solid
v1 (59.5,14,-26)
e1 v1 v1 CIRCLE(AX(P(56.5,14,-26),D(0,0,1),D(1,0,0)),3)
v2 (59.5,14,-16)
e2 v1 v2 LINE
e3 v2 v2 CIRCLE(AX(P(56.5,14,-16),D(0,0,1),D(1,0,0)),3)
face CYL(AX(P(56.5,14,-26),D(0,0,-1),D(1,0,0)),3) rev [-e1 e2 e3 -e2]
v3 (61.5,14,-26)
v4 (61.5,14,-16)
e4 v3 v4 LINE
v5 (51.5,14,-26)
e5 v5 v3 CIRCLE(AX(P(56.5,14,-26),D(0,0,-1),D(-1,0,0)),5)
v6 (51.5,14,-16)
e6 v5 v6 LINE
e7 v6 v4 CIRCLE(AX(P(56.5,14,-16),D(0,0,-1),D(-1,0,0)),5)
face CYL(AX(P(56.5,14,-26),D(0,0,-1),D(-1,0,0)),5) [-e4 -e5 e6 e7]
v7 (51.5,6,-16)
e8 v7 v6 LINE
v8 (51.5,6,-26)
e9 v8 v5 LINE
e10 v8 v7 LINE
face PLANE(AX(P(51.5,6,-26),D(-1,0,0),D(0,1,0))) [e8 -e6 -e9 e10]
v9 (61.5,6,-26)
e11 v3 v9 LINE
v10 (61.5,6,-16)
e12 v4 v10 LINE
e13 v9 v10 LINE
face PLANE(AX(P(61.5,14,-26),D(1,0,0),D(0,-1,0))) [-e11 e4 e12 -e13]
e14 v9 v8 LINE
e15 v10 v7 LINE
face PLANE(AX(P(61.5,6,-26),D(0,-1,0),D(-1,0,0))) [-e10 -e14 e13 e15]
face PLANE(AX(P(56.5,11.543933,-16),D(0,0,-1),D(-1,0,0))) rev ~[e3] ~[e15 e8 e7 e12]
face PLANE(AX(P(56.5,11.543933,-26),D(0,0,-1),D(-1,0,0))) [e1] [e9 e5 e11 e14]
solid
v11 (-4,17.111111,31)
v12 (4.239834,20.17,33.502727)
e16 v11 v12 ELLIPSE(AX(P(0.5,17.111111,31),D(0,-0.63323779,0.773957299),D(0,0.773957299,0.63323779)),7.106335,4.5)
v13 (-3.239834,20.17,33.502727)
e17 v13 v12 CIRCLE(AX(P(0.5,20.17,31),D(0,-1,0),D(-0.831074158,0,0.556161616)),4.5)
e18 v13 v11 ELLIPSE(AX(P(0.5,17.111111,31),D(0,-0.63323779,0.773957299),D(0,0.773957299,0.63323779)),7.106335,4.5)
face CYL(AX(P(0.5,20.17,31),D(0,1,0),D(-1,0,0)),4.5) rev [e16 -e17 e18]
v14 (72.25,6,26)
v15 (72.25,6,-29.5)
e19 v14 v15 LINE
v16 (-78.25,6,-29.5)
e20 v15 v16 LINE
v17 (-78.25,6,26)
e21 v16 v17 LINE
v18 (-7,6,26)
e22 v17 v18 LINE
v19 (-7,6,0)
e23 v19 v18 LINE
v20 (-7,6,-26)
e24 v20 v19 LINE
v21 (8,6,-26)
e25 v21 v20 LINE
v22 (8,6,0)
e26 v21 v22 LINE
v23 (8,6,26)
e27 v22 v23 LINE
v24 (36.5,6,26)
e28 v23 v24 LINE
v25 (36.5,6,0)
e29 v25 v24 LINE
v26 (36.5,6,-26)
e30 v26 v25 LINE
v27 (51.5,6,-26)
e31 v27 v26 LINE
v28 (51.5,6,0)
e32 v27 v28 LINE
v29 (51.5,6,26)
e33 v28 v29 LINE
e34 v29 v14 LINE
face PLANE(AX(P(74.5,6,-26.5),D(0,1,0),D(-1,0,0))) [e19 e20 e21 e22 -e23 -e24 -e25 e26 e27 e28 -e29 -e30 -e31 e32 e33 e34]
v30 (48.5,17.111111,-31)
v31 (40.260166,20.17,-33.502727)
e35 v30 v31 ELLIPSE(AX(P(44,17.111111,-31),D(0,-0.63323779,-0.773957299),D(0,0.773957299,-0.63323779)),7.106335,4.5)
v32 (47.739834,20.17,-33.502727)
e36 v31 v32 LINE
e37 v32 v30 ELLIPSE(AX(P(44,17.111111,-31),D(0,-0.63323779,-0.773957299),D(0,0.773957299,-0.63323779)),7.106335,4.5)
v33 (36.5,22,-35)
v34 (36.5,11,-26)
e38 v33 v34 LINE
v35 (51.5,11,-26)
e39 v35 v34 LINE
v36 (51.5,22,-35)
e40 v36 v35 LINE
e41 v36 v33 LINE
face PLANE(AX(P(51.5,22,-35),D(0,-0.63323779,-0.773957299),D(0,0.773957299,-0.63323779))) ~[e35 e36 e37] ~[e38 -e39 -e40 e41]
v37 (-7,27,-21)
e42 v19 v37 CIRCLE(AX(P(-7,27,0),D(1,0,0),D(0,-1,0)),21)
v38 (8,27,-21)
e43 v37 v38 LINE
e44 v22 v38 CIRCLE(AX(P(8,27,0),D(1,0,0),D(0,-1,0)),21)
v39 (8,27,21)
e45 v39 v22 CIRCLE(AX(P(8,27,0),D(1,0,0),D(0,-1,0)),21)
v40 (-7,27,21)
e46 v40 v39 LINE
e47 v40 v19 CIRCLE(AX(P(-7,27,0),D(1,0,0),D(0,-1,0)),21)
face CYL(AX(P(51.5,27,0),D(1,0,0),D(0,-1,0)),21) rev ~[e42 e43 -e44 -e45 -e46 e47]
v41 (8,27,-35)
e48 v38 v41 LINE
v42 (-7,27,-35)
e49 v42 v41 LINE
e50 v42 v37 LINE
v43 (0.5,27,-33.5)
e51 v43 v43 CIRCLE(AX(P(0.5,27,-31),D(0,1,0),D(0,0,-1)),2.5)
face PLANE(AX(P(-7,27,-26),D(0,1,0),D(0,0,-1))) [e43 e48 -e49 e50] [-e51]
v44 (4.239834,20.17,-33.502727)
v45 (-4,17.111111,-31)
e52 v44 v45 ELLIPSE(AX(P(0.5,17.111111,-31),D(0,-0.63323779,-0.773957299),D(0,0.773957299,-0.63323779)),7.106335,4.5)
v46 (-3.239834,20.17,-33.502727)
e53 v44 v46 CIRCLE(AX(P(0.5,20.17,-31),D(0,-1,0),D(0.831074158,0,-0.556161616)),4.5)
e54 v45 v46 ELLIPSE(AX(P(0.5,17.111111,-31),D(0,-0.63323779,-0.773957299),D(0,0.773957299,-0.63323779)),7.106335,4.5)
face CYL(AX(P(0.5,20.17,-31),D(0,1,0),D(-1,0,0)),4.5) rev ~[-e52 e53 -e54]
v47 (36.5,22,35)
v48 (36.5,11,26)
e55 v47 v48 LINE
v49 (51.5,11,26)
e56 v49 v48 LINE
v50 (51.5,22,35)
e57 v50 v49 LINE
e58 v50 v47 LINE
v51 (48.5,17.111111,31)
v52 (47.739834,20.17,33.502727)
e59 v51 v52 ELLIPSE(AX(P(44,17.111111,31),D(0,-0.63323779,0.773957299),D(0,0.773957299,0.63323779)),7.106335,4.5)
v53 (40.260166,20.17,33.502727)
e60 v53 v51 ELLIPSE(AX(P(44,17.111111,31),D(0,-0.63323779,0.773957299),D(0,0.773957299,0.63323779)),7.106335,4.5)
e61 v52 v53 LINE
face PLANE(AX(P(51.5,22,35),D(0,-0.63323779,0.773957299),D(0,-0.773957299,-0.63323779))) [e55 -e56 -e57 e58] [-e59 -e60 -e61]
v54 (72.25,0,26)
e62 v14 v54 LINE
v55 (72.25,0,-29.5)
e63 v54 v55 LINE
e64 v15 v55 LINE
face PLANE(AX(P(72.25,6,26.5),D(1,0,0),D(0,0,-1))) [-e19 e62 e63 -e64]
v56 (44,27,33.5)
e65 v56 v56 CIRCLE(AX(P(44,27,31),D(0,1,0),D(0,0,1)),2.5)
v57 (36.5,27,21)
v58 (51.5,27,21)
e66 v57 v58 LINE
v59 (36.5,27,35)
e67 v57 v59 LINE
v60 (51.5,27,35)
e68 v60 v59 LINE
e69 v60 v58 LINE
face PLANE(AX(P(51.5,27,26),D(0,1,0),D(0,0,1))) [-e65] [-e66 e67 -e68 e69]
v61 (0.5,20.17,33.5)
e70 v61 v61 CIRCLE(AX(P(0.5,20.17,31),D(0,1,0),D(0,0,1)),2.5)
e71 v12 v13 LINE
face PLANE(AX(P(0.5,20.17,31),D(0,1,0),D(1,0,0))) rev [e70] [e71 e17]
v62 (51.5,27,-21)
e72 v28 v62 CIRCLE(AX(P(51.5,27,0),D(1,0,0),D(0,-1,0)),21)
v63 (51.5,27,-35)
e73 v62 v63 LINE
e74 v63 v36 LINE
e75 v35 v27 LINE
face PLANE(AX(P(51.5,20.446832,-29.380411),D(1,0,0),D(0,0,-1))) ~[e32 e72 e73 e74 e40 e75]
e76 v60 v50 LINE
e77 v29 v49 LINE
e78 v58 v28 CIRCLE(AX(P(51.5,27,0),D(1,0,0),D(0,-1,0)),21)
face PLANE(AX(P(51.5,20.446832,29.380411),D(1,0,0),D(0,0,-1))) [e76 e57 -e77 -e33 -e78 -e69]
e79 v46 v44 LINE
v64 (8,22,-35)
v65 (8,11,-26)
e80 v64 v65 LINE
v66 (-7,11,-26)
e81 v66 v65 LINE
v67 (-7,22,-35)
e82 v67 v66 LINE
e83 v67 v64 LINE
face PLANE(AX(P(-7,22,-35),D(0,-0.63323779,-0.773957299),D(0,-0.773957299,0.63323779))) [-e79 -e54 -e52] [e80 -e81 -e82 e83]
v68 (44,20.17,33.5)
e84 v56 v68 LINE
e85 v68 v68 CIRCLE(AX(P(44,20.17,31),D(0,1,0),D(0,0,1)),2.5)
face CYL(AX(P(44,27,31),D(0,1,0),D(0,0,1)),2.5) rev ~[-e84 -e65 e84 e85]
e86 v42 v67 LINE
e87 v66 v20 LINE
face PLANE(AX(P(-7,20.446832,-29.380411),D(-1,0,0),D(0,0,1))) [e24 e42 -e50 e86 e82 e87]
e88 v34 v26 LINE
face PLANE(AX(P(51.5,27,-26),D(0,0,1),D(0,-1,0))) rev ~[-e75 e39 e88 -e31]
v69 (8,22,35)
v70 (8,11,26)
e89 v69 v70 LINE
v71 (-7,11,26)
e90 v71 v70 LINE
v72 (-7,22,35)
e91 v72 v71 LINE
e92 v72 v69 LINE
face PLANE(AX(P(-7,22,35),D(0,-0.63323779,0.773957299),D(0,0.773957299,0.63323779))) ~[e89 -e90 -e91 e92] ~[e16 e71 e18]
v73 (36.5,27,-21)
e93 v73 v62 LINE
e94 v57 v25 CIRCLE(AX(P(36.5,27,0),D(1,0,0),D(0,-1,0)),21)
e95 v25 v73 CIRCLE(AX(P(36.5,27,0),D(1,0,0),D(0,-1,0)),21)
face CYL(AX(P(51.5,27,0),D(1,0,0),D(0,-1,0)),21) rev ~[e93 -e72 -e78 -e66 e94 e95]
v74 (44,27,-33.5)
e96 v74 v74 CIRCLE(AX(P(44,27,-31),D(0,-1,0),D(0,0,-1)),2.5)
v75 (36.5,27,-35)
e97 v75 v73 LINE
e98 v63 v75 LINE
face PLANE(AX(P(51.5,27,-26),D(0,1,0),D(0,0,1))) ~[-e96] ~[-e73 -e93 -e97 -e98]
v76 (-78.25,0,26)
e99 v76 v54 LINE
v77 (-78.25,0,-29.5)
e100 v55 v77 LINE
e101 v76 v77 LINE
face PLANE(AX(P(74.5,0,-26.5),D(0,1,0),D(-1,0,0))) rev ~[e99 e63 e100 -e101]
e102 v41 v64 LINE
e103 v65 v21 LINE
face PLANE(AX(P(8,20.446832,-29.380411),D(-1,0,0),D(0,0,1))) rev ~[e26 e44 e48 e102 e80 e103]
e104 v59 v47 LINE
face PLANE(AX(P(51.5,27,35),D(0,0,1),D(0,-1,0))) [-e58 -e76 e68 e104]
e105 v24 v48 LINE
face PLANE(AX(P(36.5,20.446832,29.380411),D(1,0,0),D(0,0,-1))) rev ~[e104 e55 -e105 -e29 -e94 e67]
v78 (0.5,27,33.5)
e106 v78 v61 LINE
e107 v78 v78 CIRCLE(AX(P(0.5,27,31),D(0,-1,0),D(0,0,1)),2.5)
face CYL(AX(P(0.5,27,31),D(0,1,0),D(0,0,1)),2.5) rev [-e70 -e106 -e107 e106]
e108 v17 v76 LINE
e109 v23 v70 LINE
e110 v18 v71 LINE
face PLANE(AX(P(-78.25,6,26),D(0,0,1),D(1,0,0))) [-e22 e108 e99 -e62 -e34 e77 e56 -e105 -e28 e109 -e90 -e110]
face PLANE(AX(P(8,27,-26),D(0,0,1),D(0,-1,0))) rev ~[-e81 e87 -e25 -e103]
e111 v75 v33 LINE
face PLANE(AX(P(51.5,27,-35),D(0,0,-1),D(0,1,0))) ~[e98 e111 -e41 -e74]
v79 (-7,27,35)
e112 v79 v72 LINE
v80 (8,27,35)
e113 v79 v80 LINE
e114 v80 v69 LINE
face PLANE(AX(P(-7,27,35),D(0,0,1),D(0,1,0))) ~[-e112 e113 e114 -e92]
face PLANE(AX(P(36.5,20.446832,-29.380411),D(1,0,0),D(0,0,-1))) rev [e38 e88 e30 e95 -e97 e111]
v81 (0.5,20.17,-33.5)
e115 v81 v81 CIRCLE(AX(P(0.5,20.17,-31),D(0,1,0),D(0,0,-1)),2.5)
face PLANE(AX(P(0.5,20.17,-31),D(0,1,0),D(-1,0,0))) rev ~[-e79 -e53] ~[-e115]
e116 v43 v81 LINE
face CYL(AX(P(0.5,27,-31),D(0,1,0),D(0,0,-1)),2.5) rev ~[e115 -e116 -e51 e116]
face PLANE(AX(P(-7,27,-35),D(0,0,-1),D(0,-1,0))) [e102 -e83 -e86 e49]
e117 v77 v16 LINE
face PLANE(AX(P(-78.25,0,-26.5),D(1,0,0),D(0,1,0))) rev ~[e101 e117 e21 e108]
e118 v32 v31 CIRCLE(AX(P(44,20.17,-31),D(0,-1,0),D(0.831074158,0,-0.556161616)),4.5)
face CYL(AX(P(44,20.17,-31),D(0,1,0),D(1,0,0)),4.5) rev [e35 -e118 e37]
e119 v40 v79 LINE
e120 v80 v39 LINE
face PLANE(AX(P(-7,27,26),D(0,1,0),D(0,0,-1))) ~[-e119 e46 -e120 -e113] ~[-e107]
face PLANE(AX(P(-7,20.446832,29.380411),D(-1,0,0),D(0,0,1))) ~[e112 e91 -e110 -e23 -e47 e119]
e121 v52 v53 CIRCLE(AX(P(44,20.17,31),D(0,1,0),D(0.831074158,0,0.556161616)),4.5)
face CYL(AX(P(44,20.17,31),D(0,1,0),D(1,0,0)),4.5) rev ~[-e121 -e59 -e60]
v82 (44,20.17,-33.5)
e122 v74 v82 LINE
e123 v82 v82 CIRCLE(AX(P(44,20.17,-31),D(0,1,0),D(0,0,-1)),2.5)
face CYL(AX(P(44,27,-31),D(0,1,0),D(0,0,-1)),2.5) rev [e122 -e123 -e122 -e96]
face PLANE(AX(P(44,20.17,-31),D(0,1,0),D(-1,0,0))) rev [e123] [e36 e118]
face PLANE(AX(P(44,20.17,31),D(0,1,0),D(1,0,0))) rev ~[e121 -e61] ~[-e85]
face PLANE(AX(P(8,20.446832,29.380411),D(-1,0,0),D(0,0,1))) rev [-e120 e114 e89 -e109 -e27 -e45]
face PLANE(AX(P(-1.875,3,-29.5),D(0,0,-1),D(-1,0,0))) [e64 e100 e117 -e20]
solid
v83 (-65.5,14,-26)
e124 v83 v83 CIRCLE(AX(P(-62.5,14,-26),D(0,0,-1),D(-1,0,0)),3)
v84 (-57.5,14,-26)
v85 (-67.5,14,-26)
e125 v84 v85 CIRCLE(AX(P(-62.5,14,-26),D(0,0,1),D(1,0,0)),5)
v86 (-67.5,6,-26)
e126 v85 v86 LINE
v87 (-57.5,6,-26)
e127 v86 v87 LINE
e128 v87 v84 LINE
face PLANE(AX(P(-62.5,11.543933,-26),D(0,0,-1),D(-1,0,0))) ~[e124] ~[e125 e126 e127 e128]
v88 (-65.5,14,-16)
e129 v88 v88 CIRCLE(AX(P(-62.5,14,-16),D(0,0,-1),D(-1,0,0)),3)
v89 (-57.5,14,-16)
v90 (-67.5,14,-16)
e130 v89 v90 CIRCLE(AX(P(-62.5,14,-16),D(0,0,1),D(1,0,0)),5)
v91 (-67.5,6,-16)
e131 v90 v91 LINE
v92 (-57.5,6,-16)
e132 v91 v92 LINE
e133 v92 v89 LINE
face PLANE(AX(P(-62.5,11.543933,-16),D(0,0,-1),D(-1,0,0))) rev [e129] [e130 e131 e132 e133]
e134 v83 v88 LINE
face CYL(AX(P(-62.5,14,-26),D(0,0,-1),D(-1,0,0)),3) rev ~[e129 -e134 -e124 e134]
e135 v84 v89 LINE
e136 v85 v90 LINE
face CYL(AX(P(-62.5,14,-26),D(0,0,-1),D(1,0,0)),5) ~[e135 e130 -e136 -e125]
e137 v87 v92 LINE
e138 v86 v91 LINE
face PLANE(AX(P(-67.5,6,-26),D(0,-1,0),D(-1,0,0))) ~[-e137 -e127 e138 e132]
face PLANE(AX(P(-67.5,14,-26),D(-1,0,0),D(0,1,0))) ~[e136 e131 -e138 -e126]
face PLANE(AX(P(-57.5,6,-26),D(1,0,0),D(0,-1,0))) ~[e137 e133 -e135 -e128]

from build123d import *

# Parameters (mm, degrees)
CROQUIS1_W                                 = 149
CROQUIS1_H                                 = 53
SALIENTE_EXTRUIR1_DEPTH                    = 6
SALIENTE_EXTRUIR2_DEPTH                    = 15
SALIENTE_EXTRUIR5_DEPTH                    = 15
CROQUIS3_R                                 = 21
CORTAR_EXTRUIR2_DEPTH                      = 140.238105417
CROQUIS6_R                                 = 3
SALIENTE_EXTRUIR11_DEPTH                   = 10
CROQUIS12_W                                = 53
CROQUIS12_H                                = 6
SALIENTE_EXTRUIR24_DEPTH                   = 3.75
CROQUIS13_W                                = 152.75
CROQUIS13_H                                = 6
SALIENTE_EXTRUIR25_DEPTH                   = 3
CROQUIS14_W                                = 2.25
CROQUIS14_H                                = 56
CORTAR_EXTRUIR3_DEPTH                      = 96.928684448
CROQUIS17_W                                = 150.5
CROQUIS17_H                                = 0.5
CORTAR_EXTRUIR4_DEPTH                      = 96.928684448
CROQUIS18_W                                = 100
CROQUIS18_H                                = 60
CORTAR_EXTRUIR5_DEPTH                      = 88.876689173
SALIENTE_EXTRUIR27_DEPTH                   = 15
CROQUIS20_R                                = 2.5
CORTAR_EXTRUIR6_DEPTH                      = 10
SIMETR_A6_COPY_1_DEPTH                     = 15
SIMETR_A6_COPY_2_SKETCH_R                  = 2.5
SIMETR_A6_COPY_2_DEPTH                     = 10
CROQUIS21_R                                = 4.5
CORTAR_EXTRUIR7_DEPTH                      = 10
SIMETR_A7_AT_THE_SECOND_PLANE_COPY_1_SKE_R = 4.5
SIMETR_A7_AT_THE_SECOND_PLANE_COPY_1_DEPTH = 10


with BuildPart() as part:
    # Croquis1 → Saliente-Extruir1 (new body)
    with BuildSketch(Plane(origin=(0, 0, 0), x_dir=(1, 0, 0), z_dir=(0, 1, 0))):
        Rectangle(CROQUIS1_W, CROQUIS1_H)
    extrude(amount=SALIENTE_EXTRUIR1_DEPTH)

    # Croquis2 → Saliente-Extruir2 (add)
    with BuildSketch(Plane(origin=(51.5, 0, 0), x_dir=(0, 0, -1), z_dir=(1, 0, 0))):
        with BuildLine():
            Line((26, 6), (-26, 6))
            Line((-26, 6), (-26, 27))
            ThreePointArc((-26, 27), (0, 53), (26, 27))
            Line((26, 27), (26, 6))
        make_face()
    extrude(amount=-SALIENTE_EXTRUIR2_DEPTH)

    # Croquis5 → Saliente-Extruir5 (add)
    with BuildSketch(Plane.ZY.offset(-8)):
        with BuildLine():
            Line((-26, 6), (26, 6))
            Line((26, 6), (26, 27))
            ThreePointArc((26, 27), (0, 53), (-26, 27))
            Line((-26, 27), (-26, 6))
        make_face()
    extrude(amount=SALIENTE_EXTRUIR5_DEPTH)

    # Croquis3 → Cortar-Extruir2 (cut, through all)
    with BuildSketch(Plane(origin=(51.5, 0, 0), x_dir=(0, 0, -1), z_dir=(1, 0, 0))):
        with Locations(Location((0, 27, 0), (0, 0, 270))):
            Circle(CROQUIS3_R)
    extrude(amount=-CORTAR_EXTRUIR2_DEPTH, mode=Mode.SUBTRACT)

    # Croquis12 → Saliente-Extruir24 (add)
    with BuildSketch(Plane.ZY.offset(74.5)):
        with Locations((0, 3)):
            Rectangle(CROQUIS12_W, CROQUIS12_H)
    extrude(amount=SALIENTE_EXTRUIR24_DEPTH)

    # Croquis13 → Saliente-Extruir25 (add)
    with BuildSketch(Plane(origin=(0, 0, -26.5), x_dir=(-1, 0, 0), z_dir=(0, 0, -1))):
        with Locations((1.875, 3)):
            Rectangle(CROQUIS13_W, CROQUIS13_H)
    extrude(amount=SALIENTE_EXTRUIR25_DEPTH)

    # Croquis14 → Cortar-Extruir3 (cut, through all)
    with BuildSketch(Plane(origin=(0, 6, 0), x_dir=(1, 0, 0), z_dir=(0, 1, 0))):
        with Locations((73.375, 1.5)):
            Rectangle(CROQUIS14_W, CROQUIS14_H)
    extrude(amount=-CORTAR_EXTRUIR3_DEPTH, mode=Mode.SUBTRACT)

    # Croquis17 → Cortar-Extruir4 (cut, through all)
    with BuildSketch(Plane(origin=(0, 6, 0), x_dir=(1, 0, 0), z_dir=(0, 1, 0))):
        with Locations((-3, -26.25)):
            Rectangle(CROQUIS17_W, CROQUIS17_H)
    extrude(amount=-CORTAR_EXTRUIR4_DEPTH, mode=Mode.SUBTRACT)

    # Croquis18 → Cortar-Extruir5 (cut, through all)
    with BuildSketch(Plane(origin=(0, 27, 0), x_dir=(1, 0, 0), z_dir=(0, 1, 0))):
        with Locations((22.25, 1.75)):
            Rectangle(CROQUIS18_W, CROQUIS18_H)
    extrude(amount=CORTAR_EXTRUIR5_DEPTH, mode=Mode.SUBTRACT)

    # Croquis19 → Saliente-Extruir27 (add)
    with BuildSketch(Plane(origin=(51.5, 0, 0), x_dir=(0, 0, -1), z_dir=(1, 0, 0))):
        Polygon((-26, 27), (-35, 27), (-35, 22), (-26, 11), align=None)
    saliente_extruir27 = extrude(amount=-SALIENTE_EXTRUIR27_DEPTH)

    # Croquis20 → Cortar-Extruir6 (cut)
    with BuildSketch(Plane(origin=(0, 27, 0), x_dir=(1, 0, 0), z_dir=(0, 1, 0))):
        with Locations(Location((44, -31, 0), (0, 0, 270))):
            Circle(CROQUIS20_R)
    cortar_extruir6 = extrude(amount=-CORTAR_EXTRUIR6_DEPTH, mode=Mode.SUBTRACT)

    # Simetría3: Saliente-Extruir27 across plane
    add(saliente_extruir27.mirror(Plane.XY))

    # Simetr_a3 2: Cortar-Extruir6 across plane
    add(cortar_extruir6.mirror(Plane.XY), mode=Mode.SUBTRACT)

    # Simetría6: Saliente-Extruir27, Cortar-Extruir6 across plane
    add(saliente_extruir27.mirror(Plane(origin=(22.25, 0, 0), x_dir=(0, 0, 1), z_dir=(1, 0, 0))))
    add(cortar_extruir6.mirror(Plane(origin=(22.25, 0, 0), x_dir=(0, 0, 1), z_dir=(1, 0, 0))), mode=Mode.SUBTRACT)

    # Simetría6 copy 1 sketch → Simetría6 copy 1 (add)
    with BuildSketch(Plane.ZY.offset(7)):
        Polygon((-26, 27), (-35, 27), (-35, 22), (-26, 11), align=None)
    extrude(amount=-SIMETR_A6_COPY_1_DEPTH)

    # Simetría6 copy 2 sketch → Simetría6 copy 2 (cut)
    with BuildSketch(Plane(origin=(44.5, 27, 0), x_dir=(-1, 0, 0), z_dir=(0, 1, 0))):
        with Locations(Location((44, -31, 0), (0, 0, 270))):
            Circle(SIMETR_A6_COPY_2_SKETCH_R)
    extrude(amount=-SIMETR_A6_COPY_2_DEPTH, mode=Mode.SUBTRACT)

    # Croquis21 → Cortar-Extruir7 (cut)
    with BuildSketch(Plane(origin=(0, 20.17, 0), x_dir=(1, 0, 0), z_dir=(0, 1, 0))):
        with Locations((44, -31)):
            Circle(CROQUIS21_R)
    cortar_extruir7 = extrude(amount=-CORTAR_EXTRUIR7_DEPTH, mode=Mode.SUBTRACT)

    # Simetría7: Cortar-Extruir7 across plane
    add(cortar_extruir7.mirror(Plane.XY), mode=Mode.SUBTRACT)

    # Simetría7 at the second plane: Cortar-Extruir7 across plane
    add(cortar_extruir7.mirror(Plane(origin=(22.25, 0, 0), x_dir=(0, 0, 1), z_dir=(1, 0, 0))), mode=Mode.SUBTRACT)

    # Simetría7 at the second plane copy 1 ske → Simetría7 at the second plane copy 1 (cut)
    with BuildSketch(Plane(origin=(44.5, 20.17, 0), x_dir=(-1, 0, 0), z_dir=(0, 1, 0))):
        with Locations((44, -31)):
            Circle(SIMETR_A7_AT_THE_SECOND_PLANE_COPY_1_SKE_R)
    extrude(amount=-SIMETR_A7_AT_THE_SECOND_PLANE_COPY_1_DEPTH, mode=Mode.SUBTRACT)


with BuildPart() as body_2:
    # Croquis6 → Saliente-Extruir11 (new body)
    with BuildSketch(Plane.XY.offset(-26)):
        with BuildLine():
            Line((61.5, 6), (51.5, 6))
            Line((51.5, 6), (51.5, 14))
            ThreePointArc((51.5, 14), (56.5, 19), (61.5, 14))
            Line((61.5, 14), (61.5, 6))
        make_face()
        with Locations((56.5, 14)):
            Circle(CROQUIS6_R, mode=Mode.SUBTRACT)
    extrude(amount=SALIENTE_EXTRUIR11_DEPTH)


with BuildPart() as body_3:
    # Simetría2: mirrored copy
    add(body_2.part.mirror(Plane(origin=(-3, 0, 0), x_dir=(0, 0, 1), z_dir=(1, 0, 0))))


solid = Compound([part.part, body_2.part, body_3.part])
